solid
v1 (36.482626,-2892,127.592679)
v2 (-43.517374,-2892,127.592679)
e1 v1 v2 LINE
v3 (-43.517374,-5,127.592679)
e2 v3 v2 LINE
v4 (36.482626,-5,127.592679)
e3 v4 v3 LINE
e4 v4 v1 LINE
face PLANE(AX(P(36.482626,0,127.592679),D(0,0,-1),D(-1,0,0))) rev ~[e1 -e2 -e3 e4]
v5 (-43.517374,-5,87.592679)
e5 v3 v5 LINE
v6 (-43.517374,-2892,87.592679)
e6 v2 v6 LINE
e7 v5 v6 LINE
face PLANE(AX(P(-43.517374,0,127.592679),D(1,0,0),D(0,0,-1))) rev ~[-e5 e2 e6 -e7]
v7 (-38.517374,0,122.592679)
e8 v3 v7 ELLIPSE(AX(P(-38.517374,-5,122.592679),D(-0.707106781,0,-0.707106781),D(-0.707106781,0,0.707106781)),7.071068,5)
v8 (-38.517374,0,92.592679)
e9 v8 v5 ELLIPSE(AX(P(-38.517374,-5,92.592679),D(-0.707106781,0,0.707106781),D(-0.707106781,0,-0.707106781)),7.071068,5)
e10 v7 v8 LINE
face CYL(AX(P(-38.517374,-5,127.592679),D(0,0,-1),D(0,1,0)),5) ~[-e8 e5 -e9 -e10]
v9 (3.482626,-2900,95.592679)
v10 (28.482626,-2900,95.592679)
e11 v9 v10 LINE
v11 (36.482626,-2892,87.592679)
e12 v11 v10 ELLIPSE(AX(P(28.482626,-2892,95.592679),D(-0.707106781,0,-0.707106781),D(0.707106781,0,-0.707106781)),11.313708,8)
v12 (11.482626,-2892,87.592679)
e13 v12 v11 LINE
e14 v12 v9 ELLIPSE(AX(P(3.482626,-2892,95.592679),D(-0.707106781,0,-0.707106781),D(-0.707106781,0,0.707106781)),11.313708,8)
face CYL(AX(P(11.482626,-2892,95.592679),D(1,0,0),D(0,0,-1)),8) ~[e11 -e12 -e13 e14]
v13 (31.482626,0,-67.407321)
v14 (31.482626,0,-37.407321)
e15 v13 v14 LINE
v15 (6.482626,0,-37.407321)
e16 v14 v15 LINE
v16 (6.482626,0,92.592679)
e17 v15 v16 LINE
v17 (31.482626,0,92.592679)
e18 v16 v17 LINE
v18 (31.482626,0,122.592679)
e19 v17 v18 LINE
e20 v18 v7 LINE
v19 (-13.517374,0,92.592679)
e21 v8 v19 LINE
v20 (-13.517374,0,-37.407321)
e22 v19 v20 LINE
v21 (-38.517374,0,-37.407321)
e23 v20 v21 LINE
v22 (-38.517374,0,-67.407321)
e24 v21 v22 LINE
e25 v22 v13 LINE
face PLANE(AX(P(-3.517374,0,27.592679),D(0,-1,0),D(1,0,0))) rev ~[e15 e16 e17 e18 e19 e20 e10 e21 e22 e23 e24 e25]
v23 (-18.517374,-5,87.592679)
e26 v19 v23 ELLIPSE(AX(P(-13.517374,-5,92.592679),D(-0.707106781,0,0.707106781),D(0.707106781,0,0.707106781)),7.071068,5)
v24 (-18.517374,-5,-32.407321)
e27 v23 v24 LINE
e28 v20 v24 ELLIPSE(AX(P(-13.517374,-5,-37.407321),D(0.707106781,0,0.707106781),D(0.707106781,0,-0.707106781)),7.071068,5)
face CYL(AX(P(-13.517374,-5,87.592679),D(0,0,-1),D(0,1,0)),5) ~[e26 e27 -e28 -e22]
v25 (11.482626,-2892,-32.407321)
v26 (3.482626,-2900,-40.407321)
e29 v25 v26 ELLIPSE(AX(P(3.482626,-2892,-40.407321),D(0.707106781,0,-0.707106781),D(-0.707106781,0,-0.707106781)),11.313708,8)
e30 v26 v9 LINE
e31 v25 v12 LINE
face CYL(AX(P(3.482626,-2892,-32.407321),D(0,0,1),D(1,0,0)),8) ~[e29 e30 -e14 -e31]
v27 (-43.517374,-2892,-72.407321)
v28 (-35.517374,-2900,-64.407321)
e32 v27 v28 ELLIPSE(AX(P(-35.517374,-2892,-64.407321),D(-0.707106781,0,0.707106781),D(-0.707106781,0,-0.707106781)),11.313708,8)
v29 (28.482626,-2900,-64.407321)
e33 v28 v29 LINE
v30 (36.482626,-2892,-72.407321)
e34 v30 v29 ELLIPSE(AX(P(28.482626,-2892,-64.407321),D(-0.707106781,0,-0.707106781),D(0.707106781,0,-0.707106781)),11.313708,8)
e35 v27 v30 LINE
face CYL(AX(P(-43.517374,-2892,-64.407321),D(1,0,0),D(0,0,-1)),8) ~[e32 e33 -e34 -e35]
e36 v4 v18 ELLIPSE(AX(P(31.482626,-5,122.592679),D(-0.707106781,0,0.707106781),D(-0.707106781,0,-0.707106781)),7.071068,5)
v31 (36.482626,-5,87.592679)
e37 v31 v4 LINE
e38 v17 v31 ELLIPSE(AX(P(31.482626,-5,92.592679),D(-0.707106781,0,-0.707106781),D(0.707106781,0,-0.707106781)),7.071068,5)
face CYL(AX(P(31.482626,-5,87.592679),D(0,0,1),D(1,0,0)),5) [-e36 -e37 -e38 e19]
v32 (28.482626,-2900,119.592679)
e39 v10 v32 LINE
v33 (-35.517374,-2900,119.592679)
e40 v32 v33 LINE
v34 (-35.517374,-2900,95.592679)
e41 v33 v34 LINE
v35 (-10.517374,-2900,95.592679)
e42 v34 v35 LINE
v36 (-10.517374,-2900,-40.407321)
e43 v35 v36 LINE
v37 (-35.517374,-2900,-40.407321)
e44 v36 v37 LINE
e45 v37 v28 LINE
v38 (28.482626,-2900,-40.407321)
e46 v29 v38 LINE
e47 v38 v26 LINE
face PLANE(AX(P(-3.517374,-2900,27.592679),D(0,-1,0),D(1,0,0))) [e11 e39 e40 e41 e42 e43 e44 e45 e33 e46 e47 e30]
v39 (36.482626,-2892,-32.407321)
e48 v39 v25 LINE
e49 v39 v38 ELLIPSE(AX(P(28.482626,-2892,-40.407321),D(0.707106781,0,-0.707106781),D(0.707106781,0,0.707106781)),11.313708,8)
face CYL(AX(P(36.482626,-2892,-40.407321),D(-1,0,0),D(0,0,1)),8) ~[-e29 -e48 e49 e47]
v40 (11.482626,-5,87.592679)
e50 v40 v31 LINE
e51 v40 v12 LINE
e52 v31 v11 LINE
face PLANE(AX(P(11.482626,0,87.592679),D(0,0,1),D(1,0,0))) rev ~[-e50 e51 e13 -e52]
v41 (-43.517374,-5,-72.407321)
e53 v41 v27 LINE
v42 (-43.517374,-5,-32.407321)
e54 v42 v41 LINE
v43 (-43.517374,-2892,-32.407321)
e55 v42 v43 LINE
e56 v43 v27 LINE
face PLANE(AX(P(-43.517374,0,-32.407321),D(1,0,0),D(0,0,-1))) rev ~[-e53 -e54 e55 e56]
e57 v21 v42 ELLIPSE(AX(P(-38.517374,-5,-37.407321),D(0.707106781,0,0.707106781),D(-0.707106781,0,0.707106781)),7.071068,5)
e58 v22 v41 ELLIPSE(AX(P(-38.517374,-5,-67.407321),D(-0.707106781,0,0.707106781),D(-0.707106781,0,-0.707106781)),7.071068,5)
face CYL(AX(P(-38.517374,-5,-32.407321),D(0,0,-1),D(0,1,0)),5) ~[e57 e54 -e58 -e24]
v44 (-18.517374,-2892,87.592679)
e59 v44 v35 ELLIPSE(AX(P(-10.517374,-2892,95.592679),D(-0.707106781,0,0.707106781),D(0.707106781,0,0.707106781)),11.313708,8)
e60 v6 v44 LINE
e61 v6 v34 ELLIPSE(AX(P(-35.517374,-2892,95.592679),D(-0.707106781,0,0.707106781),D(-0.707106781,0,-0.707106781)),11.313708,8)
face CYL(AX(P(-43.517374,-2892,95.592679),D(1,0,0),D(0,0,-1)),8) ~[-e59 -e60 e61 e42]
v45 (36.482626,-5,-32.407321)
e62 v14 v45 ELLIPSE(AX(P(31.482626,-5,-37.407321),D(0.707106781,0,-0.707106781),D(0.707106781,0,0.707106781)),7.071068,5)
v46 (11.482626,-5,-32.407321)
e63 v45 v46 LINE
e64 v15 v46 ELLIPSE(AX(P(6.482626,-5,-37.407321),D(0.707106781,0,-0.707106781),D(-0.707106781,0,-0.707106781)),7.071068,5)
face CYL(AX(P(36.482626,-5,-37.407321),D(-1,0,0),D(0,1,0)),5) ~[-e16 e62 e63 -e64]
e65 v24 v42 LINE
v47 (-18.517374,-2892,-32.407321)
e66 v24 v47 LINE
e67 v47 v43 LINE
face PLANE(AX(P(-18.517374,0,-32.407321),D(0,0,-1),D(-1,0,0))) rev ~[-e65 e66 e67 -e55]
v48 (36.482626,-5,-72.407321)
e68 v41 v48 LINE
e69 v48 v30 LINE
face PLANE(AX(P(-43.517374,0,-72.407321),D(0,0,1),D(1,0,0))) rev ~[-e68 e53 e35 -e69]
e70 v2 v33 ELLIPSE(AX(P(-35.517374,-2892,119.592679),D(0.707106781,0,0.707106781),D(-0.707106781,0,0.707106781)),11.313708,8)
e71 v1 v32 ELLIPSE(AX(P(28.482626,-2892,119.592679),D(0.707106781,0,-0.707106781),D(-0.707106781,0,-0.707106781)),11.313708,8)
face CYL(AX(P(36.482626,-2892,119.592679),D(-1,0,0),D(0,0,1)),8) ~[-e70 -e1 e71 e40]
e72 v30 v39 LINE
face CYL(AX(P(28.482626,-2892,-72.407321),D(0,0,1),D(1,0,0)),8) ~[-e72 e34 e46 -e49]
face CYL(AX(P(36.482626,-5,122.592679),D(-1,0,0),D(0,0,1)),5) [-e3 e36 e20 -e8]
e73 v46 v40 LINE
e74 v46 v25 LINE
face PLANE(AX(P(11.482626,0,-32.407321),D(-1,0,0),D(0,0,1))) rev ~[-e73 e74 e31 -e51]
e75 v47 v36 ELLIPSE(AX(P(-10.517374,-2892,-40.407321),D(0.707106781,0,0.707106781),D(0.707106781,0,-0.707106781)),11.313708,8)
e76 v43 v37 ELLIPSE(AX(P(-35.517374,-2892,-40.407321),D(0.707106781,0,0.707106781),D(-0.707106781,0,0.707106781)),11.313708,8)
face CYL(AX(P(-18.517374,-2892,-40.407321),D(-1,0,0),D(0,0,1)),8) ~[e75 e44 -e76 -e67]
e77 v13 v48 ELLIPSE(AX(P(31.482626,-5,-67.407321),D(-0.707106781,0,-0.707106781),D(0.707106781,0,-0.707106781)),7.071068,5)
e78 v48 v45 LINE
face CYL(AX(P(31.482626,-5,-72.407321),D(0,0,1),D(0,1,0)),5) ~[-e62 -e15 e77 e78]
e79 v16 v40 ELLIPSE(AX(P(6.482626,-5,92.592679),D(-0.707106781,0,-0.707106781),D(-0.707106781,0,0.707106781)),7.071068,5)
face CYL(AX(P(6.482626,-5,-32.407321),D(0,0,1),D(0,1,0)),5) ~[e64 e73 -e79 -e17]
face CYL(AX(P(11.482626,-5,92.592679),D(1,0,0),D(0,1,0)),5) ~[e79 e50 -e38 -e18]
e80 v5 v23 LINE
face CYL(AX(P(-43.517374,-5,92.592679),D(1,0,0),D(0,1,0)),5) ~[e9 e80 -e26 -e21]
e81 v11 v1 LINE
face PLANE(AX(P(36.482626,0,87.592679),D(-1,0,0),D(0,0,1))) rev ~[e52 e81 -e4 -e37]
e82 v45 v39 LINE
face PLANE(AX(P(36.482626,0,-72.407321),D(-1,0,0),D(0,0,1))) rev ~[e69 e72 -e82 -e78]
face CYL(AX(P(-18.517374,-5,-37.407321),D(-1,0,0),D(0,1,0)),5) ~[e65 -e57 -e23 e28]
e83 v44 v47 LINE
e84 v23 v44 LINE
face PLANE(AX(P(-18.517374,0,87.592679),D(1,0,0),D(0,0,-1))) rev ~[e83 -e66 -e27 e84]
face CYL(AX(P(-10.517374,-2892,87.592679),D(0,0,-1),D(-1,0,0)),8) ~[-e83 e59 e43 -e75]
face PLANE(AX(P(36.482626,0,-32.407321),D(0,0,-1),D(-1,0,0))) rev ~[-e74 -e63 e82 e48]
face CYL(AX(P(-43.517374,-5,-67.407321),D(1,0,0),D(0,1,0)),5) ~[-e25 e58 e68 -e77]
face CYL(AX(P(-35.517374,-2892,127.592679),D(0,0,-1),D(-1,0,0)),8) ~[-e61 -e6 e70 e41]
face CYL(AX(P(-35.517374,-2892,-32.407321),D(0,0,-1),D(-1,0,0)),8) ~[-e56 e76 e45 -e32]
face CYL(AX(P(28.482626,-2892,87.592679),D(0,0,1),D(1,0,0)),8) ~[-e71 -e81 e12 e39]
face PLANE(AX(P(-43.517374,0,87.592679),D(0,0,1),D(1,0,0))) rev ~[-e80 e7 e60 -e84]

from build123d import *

# Parameters (mm, degrees)
F1_DEPTH = 2900
F2_R     = 8
F3_R     = 5


with BuildPart() as f1:
    # F0 (on Front) → F1 (new body)
    with BuildSketch(Plane.XZ):
        Polygon((36.482626, 127.592679), (-43.517374, 127.592679), (-43.517374, 87.592679), (-18.517374, 87.592679), (-18.517374, -32.407321), (-43.517374, -32.407321), (-43.517374, -72.407321), (36.482626, -72.407321), (36.482626, -32.407321), (11.482626, -32.407321), (11.482626, 87.592679), (36.482626, 87.592679), align=None)
    extrude(amount=F1_DEPTH)

    # F2
    f2_edges = [f1.edges().sort_by_distance(p)[0] for p in [
        (-3.517374, -2900, 127.592679),
        (-43.517374, -2900, 107.592679),
        (-31.017374, -2900, 87.592679),
        (-18.517374, -2900, 27.592679),
        (-31.017374, -2900, -32.407321),
        (-43.517374, -2900, -52.407321),
        (-3.517374, -2900, -72.407321),
        (36.482626, -2900, -52.407321),
        (23.982626, -2900, -32.407321),
        (11.482626, -2900, 27.592679),
        (23.982626, -2900, 87.592679),
        (36.482626, -2900, 107.592679),
    ]]
    fillet(f2_edges, radius=F2_R)

    # F3
    f3_edges = [f1.edges().sort_by_distance(p)[0] for p in [
        (-3.517374, 0, 127.592679),
        (-43.517374, 0, 107.592679),
        (-31.017374, 0, 87.592679),
        (-18.517374, 0, 27.592679),
        (-31.017374, 0, -32.407321),
        (-43.517374, 0, -52.407321),
        (-3.517374, 0, -72.407321),
        (36.482626, 0, -52.407321),
        (23.982626, 0, -32.407321),
        (11.482626, 0, 27.592679),
        (23.982626, 0, 87.592679),
        (36.482626, 0, 107.592679),
    ]]
    fillet(f3_edges, radius=F3_R)


solid = f1.part
